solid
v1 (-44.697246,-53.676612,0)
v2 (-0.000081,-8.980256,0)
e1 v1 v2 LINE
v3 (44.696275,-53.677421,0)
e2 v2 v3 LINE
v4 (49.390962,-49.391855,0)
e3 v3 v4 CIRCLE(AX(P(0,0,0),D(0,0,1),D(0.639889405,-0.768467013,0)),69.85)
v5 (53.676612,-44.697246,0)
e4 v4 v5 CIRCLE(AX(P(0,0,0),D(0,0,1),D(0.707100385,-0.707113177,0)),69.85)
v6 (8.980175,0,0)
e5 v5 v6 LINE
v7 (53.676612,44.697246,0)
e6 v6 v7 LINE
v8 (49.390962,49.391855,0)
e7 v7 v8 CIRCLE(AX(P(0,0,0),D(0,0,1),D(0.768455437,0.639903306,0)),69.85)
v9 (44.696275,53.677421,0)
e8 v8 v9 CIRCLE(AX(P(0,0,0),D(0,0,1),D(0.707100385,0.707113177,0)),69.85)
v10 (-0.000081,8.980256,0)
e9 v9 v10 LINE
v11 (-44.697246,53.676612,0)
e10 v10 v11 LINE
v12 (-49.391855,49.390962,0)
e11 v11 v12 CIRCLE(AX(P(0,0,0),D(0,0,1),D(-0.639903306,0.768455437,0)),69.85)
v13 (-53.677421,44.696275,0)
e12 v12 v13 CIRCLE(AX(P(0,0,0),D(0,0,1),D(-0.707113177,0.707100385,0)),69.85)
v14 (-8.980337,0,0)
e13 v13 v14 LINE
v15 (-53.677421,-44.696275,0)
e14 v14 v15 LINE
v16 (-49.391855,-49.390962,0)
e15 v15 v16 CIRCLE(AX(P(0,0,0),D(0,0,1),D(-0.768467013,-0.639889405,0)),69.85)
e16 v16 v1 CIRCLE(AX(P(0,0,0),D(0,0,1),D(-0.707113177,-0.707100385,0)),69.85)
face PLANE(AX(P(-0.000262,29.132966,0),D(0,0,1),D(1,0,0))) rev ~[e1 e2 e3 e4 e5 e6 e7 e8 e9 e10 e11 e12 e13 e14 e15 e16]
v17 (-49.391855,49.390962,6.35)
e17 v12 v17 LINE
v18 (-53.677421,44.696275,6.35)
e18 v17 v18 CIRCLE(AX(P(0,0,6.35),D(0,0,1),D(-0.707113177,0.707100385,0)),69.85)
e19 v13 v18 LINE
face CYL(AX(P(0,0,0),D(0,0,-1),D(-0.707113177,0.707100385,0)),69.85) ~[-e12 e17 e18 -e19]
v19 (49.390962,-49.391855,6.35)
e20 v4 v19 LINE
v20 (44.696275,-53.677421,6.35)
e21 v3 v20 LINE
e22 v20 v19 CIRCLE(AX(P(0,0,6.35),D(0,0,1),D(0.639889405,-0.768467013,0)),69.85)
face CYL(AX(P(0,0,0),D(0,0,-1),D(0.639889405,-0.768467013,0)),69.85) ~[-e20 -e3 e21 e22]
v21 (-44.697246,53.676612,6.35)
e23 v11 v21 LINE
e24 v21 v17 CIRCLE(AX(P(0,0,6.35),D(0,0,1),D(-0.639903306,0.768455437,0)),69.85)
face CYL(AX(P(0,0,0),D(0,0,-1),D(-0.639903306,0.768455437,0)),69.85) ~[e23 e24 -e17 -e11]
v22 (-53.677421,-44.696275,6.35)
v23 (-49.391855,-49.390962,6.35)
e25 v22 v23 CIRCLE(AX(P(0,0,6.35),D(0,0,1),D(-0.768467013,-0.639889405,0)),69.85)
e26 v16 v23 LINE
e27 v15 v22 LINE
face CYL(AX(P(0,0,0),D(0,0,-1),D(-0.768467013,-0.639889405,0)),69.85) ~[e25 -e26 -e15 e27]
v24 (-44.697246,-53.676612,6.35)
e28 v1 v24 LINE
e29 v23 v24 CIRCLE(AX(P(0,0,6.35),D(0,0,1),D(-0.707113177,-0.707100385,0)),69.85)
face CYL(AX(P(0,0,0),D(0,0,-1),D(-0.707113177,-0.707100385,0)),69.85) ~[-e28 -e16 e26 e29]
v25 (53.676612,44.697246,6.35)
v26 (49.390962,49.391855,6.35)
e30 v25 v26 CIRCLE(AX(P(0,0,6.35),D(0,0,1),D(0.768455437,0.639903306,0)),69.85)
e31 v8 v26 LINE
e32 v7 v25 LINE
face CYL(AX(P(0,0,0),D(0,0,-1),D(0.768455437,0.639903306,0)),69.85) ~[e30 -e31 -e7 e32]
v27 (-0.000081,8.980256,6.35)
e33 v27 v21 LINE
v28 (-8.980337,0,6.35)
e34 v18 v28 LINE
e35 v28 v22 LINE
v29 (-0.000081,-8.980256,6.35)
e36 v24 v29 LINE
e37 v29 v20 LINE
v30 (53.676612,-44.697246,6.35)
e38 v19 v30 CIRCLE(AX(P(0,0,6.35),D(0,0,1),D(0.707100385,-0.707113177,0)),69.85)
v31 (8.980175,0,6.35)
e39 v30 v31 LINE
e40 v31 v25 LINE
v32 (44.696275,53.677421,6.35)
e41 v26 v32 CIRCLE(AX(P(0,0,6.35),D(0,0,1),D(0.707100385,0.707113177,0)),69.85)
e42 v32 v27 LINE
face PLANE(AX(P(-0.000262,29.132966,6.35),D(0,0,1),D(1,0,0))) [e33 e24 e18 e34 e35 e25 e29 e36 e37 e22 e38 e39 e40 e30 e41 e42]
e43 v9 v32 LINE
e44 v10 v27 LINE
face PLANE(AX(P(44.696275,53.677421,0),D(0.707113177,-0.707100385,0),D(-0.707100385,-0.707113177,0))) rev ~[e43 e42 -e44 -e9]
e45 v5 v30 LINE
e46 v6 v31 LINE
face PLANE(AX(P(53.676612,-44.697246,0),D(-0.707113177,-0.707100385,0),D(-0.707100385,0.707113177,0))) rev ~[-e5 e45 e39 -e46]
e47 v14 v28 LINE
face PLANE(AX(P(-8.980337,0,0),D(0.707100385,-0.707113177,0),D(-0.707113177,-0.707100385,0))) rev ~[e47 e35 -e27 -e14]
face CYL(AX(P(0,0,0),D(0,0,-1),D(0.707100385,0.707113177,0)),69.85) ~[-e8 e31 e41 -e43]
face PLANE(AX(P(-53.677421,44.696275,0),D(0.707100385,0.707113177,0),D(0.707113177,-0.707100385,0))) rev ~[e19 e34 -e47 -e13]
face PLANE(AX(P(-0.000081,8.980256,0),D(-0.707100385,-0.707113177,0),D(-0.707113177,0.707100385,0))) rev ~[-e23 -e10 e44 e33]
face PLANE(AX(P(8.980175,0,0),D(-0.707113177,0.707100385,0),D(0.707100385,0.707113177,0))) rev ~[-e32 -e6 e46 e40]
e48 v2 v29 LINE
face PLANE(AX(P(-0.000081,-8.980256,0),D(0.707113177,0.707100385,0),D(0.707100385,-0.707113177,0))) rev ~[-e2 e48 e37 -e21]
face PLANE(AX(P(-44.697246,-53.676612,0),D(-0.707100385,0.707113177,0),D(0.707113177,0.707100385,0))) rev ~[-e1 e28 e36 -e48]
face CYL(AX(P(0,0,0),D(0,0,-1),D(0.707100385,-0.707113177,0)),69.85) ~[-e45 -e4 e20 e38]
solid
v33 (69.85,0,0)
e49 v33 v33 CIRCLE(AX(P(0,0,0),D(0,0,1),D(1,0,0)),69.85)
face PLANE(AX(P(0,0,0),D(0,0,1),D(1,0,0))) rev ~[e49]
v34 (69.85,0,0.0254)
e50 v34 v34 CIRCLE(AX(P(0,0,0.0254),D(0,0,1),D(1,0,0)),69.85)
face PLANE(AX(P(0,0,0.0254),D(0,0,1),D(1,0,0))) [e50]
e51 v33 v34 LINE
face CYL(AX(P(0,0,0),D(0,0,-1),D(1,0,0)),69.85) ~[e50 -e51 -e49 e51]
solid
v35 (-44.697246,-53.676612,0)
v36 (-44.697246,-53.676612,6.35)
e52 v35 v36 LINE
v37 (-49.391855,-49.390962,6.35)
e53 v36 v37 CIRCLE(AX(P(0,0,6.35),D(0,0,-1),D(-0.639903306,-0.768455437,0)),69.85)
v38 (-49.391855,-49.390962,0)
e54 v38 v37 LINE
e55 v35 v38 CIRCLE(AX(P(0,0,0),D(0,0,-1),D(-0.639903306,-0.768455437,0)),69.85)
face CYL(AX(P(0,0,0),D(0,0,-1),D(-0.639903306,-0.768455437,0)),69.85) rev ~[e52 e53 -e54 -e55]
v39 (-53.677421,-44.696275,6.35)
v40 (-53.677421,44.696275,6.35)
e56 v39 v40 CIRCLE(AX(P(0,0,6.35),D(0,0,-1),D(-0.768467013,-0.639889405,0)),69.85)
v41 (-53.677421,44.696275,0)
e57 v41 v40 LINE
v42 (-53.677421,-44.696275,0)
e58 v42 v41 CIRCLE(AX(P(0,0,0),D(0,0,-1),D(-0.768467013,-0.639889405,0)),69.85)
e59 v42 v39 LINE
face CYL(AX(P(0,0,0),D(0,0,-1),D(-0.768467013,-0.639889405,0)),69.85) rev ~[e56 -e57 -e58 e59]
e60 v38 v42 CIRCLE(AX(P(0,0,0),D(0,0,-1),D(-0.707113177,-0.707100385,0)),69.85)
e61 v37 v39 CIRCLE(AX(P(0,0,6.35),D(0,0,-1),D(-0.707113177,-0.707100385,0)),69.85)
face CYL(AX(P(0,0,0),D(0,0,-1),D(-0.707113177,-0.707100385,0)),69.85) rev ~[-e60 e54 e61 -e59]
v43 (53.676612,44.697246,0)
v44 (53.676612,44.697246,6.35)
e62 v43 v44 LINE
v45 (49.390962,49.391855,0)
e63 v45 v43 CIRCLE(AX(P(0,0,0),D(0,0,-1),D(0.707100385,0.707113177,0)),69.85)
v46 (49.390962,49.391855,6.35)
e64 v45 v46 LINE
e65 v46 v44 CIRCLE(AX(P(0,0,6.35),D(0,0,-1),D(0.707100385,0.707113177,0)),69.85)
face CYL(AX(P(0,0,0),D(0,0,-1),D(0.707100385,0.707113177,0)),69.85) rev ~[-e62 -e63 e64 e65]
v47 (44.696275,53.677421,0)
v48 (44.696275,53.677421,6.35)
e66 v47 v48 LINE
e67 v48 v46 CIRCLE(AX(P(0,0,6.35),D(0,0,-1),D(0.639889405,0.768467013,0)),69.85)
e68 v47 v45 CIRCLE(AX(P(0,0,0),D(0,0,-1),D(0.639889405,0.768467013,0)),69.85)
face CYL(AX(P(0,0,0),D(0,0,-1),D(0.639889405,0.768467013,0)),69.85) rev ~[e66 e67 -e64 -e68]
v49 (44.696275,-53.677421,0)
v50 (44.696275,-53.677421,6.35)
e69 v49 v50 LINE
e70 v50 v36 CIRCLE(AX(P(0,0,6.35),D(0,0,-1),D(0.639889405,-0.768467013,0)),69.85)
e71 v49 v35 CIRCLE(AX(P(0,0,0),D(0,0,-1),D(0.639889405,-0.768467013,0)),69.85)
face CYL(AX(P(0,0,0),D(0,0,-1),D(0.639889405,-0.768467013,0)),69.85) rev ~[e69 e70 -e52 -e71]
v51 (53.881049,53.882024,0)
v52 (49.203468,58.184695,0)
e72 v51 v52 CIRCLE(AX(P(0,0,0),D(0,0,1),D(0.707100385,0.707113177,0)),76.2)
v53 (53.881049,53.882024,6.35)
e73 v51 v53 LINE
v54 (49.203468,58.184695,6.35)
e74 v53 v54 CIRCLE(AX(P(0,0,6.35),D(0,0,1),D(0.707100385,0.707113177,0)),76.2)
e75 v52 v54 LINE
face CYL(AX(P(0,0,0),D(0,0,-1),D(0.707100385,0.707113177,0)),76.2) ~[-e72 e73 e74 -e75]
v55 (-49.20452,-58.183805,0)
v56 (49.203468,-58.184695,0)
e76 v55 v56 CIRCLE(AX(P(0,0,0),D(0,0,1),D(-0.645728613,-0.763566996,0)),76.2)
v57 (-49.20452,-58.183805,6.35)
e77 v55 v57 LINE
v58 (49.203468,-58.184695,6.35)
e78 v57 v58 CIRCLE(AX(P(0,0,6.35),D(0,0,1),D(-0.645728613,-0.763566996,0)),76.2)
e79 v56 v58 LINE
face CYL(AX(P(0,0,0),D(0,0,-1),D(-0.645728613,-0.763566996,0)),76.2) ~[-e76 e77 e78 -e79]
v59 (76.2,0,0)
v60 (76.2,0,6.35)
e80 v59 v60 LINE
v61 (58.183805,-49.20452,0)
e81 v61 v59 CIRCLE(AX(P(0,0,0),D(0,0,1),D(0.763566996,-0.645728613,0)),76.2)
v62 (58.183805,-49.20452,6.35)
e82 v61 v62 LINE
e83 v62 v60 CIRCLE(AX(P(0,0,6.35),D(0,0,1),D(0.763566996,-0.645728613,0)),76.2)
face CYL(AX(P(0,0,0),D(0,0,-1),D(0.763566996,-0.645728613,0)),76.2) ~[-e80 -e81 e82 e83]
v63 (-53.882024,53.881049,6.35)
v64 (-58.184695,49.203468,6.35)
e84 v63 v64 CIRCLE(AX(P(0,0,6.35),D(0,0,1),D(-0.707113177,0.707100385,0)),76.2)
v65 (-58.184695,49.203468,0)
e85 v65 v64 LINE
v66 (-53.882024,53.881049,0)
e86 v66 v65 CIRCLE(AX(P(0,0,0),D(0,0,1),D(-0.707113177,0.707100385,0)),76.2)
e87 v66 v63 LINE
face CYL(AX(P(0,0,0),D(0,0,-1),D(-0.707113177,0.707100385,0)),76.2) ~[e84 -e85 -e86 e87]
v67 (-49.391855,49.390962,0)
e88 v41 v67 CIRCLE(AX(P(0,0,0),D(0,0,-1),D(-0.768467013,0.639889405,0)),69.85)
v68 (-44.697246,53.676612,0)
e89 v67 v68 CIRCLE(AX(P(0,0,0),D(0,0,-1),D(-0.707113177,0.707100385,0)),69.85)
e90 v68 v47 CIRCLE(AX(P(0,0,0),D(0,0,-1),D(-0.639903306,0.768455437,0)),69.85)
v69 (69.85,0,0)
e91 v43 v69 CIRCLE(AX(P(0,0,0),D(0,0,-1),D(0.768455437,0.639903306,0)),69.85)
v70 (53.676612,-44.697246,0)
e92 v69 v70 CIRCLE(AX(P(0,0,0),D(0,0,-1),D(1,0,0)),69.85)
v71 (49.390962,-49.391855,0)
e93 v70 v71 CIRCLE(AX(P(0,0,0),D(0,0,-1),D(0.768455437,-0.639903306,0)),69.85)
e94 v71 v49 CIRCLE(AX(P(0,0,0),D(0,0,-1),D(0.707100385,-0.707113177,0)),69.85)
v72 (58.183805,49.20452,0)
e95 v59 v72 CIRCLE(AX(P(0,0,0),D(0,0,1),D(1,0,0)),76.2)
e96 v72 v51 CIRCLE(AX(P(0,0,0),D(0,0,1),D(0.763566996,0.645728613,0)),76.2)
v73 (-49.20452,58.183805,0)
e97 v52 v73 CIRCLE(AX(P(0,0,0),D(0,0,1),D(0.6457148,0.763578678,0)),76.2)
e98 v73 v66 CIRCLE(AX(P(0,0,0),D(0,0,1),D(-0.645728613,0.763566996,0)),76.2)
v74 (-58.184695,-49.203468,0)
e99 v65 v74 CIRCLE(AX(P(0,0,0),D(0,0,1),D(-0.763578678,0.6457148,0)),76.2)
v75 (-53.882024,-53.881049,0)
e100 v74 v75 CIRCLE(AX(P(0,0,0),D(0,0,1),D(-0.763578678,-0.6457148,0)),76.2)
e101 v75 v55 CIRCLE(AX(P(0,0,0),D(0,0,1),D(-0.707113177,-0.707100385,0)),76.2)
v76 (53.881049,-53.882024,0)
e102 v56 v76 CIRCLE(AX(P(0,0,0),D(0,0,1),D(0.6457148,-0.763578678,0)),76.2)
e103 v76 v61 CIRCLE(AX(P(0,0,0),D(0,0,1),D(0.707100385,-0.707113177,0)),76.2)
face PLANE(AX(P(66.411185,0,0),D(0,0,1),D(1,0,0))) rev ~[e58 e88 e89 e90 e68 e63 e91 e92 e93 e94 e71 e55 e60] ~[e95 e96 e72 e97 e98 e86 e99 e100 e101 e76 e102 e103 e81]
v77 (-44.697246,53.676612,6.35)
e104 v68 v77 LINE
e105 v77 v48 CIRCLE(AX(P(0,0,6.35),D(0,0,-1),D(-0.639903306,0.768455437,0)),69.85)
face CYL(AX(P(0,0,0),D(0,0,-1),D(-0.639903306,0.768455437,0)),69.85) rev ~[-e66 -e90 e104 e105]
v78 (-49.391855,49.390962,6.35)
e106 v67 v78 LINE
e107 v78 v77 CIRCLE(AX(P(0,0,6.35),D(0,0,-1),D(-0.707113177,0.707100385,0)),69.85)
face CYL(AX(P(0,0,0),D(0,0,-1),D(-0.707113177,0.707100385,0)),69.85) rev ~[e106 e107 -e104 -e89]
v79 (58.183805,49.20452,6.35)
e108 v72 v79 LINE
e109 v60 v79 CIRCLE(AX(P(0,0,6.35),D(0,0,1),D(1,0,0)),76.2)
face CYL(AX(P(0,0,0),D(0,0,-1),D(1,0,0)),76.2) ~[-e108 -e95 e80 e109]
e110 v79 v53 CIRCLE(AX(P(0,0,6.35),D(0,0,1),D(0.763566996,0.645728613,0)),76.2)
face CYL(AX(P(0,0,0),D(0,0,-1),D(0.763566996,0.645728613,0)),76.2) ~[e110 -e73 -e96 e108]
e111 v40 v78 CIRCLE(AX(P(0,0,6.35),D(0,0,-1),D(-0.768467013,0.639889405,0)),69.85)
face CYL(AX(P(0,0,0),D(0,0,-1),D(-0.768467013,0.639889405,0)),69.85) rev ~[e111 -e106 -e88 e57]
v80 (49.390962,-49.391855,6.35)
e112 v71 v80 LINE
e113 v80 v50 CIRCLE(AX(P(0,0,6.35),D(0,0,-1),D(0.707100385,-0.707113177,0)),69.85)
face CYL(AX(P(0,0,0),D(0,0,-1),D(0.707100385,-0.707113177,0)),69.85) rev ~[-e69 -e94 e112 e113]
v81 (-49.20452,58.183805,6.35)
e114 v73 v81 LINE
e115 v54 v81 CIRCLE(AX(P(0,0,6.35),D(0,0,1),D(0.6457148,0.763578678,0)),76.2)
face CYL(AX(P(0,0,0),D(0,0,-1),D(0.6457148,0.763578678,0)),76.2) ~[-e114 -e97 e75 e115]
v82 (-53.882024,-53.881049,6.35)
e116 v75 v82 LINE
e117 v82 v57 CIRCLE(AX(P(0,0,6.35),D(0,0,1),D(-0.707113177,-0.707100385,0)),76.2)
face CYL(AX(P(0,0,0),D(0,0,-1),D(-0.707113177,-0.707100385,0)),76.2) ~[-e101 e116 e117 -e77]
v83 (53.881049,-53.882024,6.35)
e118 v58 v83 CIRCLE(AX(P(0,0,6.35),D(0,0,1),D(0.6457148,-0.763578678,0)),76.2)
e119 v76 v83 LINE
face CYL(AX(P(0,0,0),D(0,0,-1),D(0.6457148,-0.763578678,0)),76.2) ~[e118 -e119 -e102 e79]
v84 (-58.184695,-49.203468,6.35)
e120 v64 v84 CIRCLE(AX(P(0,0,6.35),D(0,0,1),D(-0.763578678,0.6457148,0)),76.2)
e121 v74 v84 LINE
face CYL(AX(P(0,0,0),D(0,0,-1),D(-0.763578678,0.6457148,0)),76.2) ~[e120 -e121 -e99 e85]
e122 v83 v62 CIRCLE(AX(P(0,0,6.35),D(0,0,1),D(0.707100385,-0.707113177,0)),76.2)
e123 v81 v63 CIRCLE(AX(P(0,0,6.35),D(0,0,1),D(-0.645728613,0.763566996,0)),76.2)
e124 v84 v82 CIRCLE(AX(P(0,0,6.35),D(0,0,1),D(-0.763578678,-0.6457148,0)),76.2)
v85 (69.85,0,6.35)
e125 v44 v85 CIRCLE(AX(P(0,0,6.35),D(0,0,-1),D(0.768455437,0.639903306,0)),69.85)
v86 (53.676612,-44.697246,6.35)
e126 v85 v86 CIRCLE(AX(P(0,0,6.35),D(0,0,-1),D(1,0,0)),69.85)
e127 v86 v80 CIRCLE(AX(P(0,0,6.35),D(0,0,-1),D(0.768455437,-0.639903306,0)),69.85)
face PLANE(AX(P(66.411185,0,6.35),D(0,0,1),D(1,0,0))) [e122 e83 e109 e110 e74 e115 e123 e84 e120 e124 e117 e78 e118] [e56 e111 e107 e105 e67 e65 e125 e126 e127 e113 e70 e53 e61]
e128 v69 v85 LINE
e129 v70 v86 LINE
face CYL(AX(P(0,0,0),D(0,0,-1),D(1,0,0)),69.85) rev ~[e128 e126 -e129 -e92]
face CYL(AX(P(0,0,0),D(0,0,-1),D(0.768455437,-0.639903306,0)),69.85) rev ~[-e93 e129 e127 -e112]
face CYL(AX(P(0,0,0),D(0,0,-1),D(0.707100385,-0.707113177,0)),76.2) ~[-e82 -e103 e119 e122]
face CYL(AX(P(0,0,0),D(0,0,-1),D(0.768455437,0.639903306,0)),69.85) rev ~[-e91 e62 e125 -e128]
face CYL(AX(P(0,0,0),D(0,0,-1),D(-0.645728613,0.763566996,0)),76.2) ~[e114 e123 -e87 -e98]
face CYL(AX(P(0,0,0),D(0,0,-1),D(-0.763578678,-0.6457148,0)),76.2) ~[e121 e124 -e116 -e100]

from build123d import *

# Parameters (mm, degrees)
F1_DEPTH = 6.35
F2_DEPTH = 6.35
F3_R     = 69.85
F4_DEPTH = 0.0254


with BuildPart() as f1:
    # F0 (on Top) → F1 (new body)
    with BuildSketch(Plane.XY):
        with BuildLine():
            Line((4.4900874473, 4.4901686749), (49.390961912, 49.3918554157))
            ThreePointArc((49.390961912, 49.3918554157), (47.092393774, 51.5880698285), (44.6962749187, 53.6774208433))
            Line((44.6962749187, 53.6774208433), (-8.12276e-05, 8.9802561207))
            Line((-8.12276e-05, 8.9802561207), (-44.6972459502, 53.676612267))
            ThreePointArc((-44.6972459502, 53.676612267), (-47.0933270082, 51.5872179062), (-49.3918554157, 49.390961912))
            Line((-49.3918554157, 49.390961912), (-4.4901686749, 4.4900874473))
            Line((-4.4901686749, 4.4900874473), (8.12276e-05, 8.9802561207))
            Line((8.12276e-05, 8.9802561207), (4.4900874473, 4.4901686749))
        make_face()
        with BuildLine():
            Line((-4.4901686749, 4.4900874473), (-49.3918554157, 49.390961912))
            ThreePointArc((-49.3918554157, 49.390961912), (-51.5880698285, 47.092393774), (-53.6774208433, 44.6962749187))
            Line((-53.6774208433, 44.6962749187), (-8.9803373498, 0))
            Line((-8.9803373498, 0), (-4.4901686749, 4.4900874473))
        make_face()
        with BuildLine():
            Line((-49.3918554157, -49.390961912), (-4.4901686749, -4.4900874473))
            Line((-4.4901686749, -4.4900874473), (-8.9803373498, 0))
            Line((-8.9803373498, 0), (-53.6774208433, -44.6962749187))
            ThreePointArc((-53.6774208433, -44.6962749187), (-51.5880698285, -47.092393774), (-49.3918554157, -49.390961912))
        make_face()
        with BuildLine():
            ThreePointArc((44.6962749187, -53.6774208433), (47.092393774, -51.5880698285), (49.390961912, -49.3918554157))
            Line((49.390961912, -49.3918554157), (4.4900874473, -4.4901686749))
            Line((4.4900874473, -4.4901686749), (8.12276e-05, -8.9802561207))
            Line((8.12276e-05, -8.9802561207), (-4.4901686749, -4.4900874473))
            Line((-4.4901686749, -4.4900874473), (-49.3918554157, -49.390961912))
            ThreePointArc((-49.3918554157, -49.390961912), (-47.0933270082, -51.5872179062), (-44.6972459502, -53.676612267))
            Line((-44.6972459502, -53.676612267), (-8.12276e-05, -8.9802561207))
            Line((-8.12276e-05, -8.9802561207), (44.6962749187, -53.6774208433))
        make_face()
        Polygon((8.12276e-05, -8.9802561207), (4.4900874473, -4.4901686749), (0, 0), (-4.4901686749, -4.4900874473), align=None)
        Polygon((-4.4901686749, -4.4900874473), (0, 0), (-4.4901686749, 4.4900874473), (-8.9803373498, 0), align=None)
        Polygon((0, 0), (4.4900874473, 4.4901686749), (8.12276e-05, 8.9802561207), (-4.4901686749, 4.4900874473), align=None)
        Polygon((4.4900874473, -4.4901686749), (8.9801748946, 0), (4.4900874473, 4.4901686749), (0, 0), align=None)
        with BuildLine():
            ThreePointArc((49.390961912, -49.3918554157), (51.5872179062, -47.0933270082), (53.676612267, -44.6972459502))
            Line((53.676612267, -44.6972459502), (8.9801748946, 0))
            Line((8.9801748946, 0), (4.4900874473, -4.4901686749))
            Line((4.4900874473, -4.4901686749), (49.390961912, -49.3918554157))
        make_face()
        with BuildLine():
            Line((8.9801748946, 0), (53.676612267, 44.6972459502))
            ThreePointArc((53.676612267, 44.6972459502), (51.5872179062, 47.0933270082), (49.390961912, 49.3918554157))
            Line((49.390961912, 49.3918554157), (4.4900874473, 4.4901686749))
            Line((4.4900874473, 4.4901686749), (8.9801748946, 0))
        make_face()
    extrude(amount=F1_DEPTH)


with BuildPart() as f2:
    # F0 (on Top) → F2 (new body)
    with BuildSketch(Plane.XY):
        with BuildLine():
            ThreePointArc((58.1838051193, -49.2045203395), (71.5543358228, -26.1995615413), (76.2, 0))
            ThreePointArc((76.2, 0), (71.5543358228, 26.1995615413), (58.1838051193, 49.2045203395))
            Line((58.1838051193, 49.2045203395), (53.676612267, 44.6972459502))
            ThreePointArc((53.676612267, 44.6972459502), (65.6823182708, 23.7666902739), (69.85, 0))
            ThreePointArc((69.85, 0), (65.6823182708, -23.7666902739), (53.676612267, -44.6972459502))
            Line((53.676612267, -44.6972459502), (58.1838051193, -49.2045203395))
        make_face()
        with BuildLine():
            Line((53.676612267, 44.6972459502), (58.1838051193, 49.2045203395))
            ThreePointArc((58.1838051193, 49.2045203395), (56.0812148818, 51.5881511336), (53.8810493586, 53.8820240899))
            Line((53.8810493586, 53.8820240899), (49.390961912, 49.3918554157))
            ThreePointArc((49.390961912, 49.3918554157), (51.5872179062, 47.0933270082), (53.676612267, 44.6972459502))
        make_face()
        with BuildLine():
            ThreePointArc((53.8810493586, -53.8820240899), (56.0812148818, -51.5881511336), (58.1838051193, -49.2045203395))
            Line((58.1838051193, -49.2045203395), (53.676612267, -44.6972459502))
            ThreePointArc((53.676612267, -44.6972459502), (51.5872179062, -47.0933270082), (49.390961912, -49.3918554157))
            Line((49.390961912, -49.3918554157), (53.8810493586, -53.8820240899))
        make_face()
        with BuildLine():
            Line((49.390961912, 49.3918554157), (53.8810493586, 53.8820240899))
            ThreePointArc((53.8810493586, 53.8820240899), (51.5871366011, 56.082148116), (49.203467771, 58.1846952326))
            Line((49.203467771, 58.1846952326), (44.6962749187, 53.6774208433))
            ThreePointArc((44.6962749187, 53.6774208433), (47.092393774, 51.5880698285), (49.390961912, 49.3918554157))
        make_face()
        with BuildLine():
            ThreePointArc((49.203467771, -58.1846952326), (51.5871366011, -56.082148116), (53.8810493586, -53.8820240899))
            Line((53.8810493586, -53.8820240899), (49.390961912, -49.3918554157))
            ThreePointArc((49.390961912, -49.3918554157), (47.092393774, -51.5880698285), (44.6962749187, -53.6774208433))
            Line((44.6962749187, -53.6774208433), (49.203467771, -58.1846952326))
        make_face()
        with BuildLine():
            Line((44.6962749187, 53.6774208433), (49.203467771, 58.1846952326))
            ThreePointArc((49.203467771, 58.1846952326), (-0.0006892391, 76.1999999969), (-49.2045203395, 58.1838051193))
            Line((-49.2045203395, 58.1838051193), (-44.6972459502, 53.676612267))
            ThreePointArc((-44.6972459502, 53.676612267), (-0.0006318025, 69.8499999971), (44.6962749187, 53.6774208433))
        make_face()
        with BuildLine():
            ThreePointArc((-49.2045203395, -58.1838051193), (-0.0006892391, -76.1999999969), (49.203467771, -58.1846952326))
            Line((49.203467771, -58.1846952326), (44.6962749187, -53.6774208433))
            ThreePointArc((44.6962749187, -53.6774208433), (-0.0006318025, -69.8499999971), (-44.6972459502, -53.676612267))
            Line((-44.6972459502, -53.676612267), (-49.2045203395, -58.1838051193))
        make_face()
        with BuildLine():
            Line((-44.6972459502, 53.676612267), (-49.2045203395, 58.1838051193))
            ThreePointArc((-49.2045203395, 58.1838051193), (-51.5881511336, 56.0812148818), (-53.8820240899, 53.8810493586))
            Line((-53.8820240899, 53.8810493586), (-49.3918554157, 49.390961912))
            ThreePointArc((-49.3918554157, 49.390961912), (-47.0933270082, 51.5872179062), (-44.6972459502, 53.676612267))
        make_face()
        with BuildLine():
            ThreePointArc((-53.8820240899, -53.8810493586), (-51.5881511336, -56.0812148818), (-49.2045203395, -58.1838051193))
            Line((-49.2045203395, -58.1838051193), (-44.6972459502, -53.676612267))
            ThreePointArc((-44.6972459502, -53.676612267), (-47.0933270082, -51.5872179062), (-49.3918554157, -49.390961912))
            Line((-49.3918554157, -49.390961912), (-53.8820240899, -53.8810493586))
        make_face()
        with BuildLine():
            Line((-49.3918554157, 49.390961912), (-53.8820240899, 53.8810493586))
            ThreePointArc((-53.8820240899, 53.8810493586), (-56.082148116, 51.5871366011), (-58.1846952326, 49.203467771))
            Line((-58.1846952326, 49.203467771), (-53.6774208433, 44.6962749187))
            ThreePointArc((-53.6774208433, 44.6962749187), (-51.5880698285, 47.092393774), (-49.3918554157, 49.390961912))
        make_face()
        with BuildLine():
            ThreePointArc((-58.1846952326, -49.203467771), (-56.082148116, -51.5871366011), (-53.8820240899, -53.8810493586))
            Line((-53.8820240899, -53.8810493586), (-49.3918554157, -49.390961912))
            ThreePointArc((-49.3918554157, -49.390961912), (-51.5880698285, -47.092393774), (-53.6774208433, -44.6962749187))
            Line((-53.6774208433, -44.6962749187), (-58.1846952326, -49.203467771))
        make_face()
        with BuildLine():
            Line((-53.6774208433, 44.6962749187), (-58.1846952326, 49.203467771))
            ThreePointArc((-58.1846952326, 49.203467771), (-76.2, 0), (-58.1846952326, -49.203467771))
            Line((-58.1846952326, -49.203467771), (-53.6774208433, -44.6962749187))
            ThreePointArc((-53.6774208433, -44.6962749187), (-69.85, 0), (-53.6774208433, 44.6962749187))
        make_face()
    extrude(amount=F2_DEPTH)


with BuildPart() as f4:
    # F3 (on Top) → F4 (new body)
    with BuildSketch(Plane.XY):
        Circle(F3_R)
    extrude(amount=F4_DEPTH)


solid = Compound([f1.part, f2.part, f4.part])
